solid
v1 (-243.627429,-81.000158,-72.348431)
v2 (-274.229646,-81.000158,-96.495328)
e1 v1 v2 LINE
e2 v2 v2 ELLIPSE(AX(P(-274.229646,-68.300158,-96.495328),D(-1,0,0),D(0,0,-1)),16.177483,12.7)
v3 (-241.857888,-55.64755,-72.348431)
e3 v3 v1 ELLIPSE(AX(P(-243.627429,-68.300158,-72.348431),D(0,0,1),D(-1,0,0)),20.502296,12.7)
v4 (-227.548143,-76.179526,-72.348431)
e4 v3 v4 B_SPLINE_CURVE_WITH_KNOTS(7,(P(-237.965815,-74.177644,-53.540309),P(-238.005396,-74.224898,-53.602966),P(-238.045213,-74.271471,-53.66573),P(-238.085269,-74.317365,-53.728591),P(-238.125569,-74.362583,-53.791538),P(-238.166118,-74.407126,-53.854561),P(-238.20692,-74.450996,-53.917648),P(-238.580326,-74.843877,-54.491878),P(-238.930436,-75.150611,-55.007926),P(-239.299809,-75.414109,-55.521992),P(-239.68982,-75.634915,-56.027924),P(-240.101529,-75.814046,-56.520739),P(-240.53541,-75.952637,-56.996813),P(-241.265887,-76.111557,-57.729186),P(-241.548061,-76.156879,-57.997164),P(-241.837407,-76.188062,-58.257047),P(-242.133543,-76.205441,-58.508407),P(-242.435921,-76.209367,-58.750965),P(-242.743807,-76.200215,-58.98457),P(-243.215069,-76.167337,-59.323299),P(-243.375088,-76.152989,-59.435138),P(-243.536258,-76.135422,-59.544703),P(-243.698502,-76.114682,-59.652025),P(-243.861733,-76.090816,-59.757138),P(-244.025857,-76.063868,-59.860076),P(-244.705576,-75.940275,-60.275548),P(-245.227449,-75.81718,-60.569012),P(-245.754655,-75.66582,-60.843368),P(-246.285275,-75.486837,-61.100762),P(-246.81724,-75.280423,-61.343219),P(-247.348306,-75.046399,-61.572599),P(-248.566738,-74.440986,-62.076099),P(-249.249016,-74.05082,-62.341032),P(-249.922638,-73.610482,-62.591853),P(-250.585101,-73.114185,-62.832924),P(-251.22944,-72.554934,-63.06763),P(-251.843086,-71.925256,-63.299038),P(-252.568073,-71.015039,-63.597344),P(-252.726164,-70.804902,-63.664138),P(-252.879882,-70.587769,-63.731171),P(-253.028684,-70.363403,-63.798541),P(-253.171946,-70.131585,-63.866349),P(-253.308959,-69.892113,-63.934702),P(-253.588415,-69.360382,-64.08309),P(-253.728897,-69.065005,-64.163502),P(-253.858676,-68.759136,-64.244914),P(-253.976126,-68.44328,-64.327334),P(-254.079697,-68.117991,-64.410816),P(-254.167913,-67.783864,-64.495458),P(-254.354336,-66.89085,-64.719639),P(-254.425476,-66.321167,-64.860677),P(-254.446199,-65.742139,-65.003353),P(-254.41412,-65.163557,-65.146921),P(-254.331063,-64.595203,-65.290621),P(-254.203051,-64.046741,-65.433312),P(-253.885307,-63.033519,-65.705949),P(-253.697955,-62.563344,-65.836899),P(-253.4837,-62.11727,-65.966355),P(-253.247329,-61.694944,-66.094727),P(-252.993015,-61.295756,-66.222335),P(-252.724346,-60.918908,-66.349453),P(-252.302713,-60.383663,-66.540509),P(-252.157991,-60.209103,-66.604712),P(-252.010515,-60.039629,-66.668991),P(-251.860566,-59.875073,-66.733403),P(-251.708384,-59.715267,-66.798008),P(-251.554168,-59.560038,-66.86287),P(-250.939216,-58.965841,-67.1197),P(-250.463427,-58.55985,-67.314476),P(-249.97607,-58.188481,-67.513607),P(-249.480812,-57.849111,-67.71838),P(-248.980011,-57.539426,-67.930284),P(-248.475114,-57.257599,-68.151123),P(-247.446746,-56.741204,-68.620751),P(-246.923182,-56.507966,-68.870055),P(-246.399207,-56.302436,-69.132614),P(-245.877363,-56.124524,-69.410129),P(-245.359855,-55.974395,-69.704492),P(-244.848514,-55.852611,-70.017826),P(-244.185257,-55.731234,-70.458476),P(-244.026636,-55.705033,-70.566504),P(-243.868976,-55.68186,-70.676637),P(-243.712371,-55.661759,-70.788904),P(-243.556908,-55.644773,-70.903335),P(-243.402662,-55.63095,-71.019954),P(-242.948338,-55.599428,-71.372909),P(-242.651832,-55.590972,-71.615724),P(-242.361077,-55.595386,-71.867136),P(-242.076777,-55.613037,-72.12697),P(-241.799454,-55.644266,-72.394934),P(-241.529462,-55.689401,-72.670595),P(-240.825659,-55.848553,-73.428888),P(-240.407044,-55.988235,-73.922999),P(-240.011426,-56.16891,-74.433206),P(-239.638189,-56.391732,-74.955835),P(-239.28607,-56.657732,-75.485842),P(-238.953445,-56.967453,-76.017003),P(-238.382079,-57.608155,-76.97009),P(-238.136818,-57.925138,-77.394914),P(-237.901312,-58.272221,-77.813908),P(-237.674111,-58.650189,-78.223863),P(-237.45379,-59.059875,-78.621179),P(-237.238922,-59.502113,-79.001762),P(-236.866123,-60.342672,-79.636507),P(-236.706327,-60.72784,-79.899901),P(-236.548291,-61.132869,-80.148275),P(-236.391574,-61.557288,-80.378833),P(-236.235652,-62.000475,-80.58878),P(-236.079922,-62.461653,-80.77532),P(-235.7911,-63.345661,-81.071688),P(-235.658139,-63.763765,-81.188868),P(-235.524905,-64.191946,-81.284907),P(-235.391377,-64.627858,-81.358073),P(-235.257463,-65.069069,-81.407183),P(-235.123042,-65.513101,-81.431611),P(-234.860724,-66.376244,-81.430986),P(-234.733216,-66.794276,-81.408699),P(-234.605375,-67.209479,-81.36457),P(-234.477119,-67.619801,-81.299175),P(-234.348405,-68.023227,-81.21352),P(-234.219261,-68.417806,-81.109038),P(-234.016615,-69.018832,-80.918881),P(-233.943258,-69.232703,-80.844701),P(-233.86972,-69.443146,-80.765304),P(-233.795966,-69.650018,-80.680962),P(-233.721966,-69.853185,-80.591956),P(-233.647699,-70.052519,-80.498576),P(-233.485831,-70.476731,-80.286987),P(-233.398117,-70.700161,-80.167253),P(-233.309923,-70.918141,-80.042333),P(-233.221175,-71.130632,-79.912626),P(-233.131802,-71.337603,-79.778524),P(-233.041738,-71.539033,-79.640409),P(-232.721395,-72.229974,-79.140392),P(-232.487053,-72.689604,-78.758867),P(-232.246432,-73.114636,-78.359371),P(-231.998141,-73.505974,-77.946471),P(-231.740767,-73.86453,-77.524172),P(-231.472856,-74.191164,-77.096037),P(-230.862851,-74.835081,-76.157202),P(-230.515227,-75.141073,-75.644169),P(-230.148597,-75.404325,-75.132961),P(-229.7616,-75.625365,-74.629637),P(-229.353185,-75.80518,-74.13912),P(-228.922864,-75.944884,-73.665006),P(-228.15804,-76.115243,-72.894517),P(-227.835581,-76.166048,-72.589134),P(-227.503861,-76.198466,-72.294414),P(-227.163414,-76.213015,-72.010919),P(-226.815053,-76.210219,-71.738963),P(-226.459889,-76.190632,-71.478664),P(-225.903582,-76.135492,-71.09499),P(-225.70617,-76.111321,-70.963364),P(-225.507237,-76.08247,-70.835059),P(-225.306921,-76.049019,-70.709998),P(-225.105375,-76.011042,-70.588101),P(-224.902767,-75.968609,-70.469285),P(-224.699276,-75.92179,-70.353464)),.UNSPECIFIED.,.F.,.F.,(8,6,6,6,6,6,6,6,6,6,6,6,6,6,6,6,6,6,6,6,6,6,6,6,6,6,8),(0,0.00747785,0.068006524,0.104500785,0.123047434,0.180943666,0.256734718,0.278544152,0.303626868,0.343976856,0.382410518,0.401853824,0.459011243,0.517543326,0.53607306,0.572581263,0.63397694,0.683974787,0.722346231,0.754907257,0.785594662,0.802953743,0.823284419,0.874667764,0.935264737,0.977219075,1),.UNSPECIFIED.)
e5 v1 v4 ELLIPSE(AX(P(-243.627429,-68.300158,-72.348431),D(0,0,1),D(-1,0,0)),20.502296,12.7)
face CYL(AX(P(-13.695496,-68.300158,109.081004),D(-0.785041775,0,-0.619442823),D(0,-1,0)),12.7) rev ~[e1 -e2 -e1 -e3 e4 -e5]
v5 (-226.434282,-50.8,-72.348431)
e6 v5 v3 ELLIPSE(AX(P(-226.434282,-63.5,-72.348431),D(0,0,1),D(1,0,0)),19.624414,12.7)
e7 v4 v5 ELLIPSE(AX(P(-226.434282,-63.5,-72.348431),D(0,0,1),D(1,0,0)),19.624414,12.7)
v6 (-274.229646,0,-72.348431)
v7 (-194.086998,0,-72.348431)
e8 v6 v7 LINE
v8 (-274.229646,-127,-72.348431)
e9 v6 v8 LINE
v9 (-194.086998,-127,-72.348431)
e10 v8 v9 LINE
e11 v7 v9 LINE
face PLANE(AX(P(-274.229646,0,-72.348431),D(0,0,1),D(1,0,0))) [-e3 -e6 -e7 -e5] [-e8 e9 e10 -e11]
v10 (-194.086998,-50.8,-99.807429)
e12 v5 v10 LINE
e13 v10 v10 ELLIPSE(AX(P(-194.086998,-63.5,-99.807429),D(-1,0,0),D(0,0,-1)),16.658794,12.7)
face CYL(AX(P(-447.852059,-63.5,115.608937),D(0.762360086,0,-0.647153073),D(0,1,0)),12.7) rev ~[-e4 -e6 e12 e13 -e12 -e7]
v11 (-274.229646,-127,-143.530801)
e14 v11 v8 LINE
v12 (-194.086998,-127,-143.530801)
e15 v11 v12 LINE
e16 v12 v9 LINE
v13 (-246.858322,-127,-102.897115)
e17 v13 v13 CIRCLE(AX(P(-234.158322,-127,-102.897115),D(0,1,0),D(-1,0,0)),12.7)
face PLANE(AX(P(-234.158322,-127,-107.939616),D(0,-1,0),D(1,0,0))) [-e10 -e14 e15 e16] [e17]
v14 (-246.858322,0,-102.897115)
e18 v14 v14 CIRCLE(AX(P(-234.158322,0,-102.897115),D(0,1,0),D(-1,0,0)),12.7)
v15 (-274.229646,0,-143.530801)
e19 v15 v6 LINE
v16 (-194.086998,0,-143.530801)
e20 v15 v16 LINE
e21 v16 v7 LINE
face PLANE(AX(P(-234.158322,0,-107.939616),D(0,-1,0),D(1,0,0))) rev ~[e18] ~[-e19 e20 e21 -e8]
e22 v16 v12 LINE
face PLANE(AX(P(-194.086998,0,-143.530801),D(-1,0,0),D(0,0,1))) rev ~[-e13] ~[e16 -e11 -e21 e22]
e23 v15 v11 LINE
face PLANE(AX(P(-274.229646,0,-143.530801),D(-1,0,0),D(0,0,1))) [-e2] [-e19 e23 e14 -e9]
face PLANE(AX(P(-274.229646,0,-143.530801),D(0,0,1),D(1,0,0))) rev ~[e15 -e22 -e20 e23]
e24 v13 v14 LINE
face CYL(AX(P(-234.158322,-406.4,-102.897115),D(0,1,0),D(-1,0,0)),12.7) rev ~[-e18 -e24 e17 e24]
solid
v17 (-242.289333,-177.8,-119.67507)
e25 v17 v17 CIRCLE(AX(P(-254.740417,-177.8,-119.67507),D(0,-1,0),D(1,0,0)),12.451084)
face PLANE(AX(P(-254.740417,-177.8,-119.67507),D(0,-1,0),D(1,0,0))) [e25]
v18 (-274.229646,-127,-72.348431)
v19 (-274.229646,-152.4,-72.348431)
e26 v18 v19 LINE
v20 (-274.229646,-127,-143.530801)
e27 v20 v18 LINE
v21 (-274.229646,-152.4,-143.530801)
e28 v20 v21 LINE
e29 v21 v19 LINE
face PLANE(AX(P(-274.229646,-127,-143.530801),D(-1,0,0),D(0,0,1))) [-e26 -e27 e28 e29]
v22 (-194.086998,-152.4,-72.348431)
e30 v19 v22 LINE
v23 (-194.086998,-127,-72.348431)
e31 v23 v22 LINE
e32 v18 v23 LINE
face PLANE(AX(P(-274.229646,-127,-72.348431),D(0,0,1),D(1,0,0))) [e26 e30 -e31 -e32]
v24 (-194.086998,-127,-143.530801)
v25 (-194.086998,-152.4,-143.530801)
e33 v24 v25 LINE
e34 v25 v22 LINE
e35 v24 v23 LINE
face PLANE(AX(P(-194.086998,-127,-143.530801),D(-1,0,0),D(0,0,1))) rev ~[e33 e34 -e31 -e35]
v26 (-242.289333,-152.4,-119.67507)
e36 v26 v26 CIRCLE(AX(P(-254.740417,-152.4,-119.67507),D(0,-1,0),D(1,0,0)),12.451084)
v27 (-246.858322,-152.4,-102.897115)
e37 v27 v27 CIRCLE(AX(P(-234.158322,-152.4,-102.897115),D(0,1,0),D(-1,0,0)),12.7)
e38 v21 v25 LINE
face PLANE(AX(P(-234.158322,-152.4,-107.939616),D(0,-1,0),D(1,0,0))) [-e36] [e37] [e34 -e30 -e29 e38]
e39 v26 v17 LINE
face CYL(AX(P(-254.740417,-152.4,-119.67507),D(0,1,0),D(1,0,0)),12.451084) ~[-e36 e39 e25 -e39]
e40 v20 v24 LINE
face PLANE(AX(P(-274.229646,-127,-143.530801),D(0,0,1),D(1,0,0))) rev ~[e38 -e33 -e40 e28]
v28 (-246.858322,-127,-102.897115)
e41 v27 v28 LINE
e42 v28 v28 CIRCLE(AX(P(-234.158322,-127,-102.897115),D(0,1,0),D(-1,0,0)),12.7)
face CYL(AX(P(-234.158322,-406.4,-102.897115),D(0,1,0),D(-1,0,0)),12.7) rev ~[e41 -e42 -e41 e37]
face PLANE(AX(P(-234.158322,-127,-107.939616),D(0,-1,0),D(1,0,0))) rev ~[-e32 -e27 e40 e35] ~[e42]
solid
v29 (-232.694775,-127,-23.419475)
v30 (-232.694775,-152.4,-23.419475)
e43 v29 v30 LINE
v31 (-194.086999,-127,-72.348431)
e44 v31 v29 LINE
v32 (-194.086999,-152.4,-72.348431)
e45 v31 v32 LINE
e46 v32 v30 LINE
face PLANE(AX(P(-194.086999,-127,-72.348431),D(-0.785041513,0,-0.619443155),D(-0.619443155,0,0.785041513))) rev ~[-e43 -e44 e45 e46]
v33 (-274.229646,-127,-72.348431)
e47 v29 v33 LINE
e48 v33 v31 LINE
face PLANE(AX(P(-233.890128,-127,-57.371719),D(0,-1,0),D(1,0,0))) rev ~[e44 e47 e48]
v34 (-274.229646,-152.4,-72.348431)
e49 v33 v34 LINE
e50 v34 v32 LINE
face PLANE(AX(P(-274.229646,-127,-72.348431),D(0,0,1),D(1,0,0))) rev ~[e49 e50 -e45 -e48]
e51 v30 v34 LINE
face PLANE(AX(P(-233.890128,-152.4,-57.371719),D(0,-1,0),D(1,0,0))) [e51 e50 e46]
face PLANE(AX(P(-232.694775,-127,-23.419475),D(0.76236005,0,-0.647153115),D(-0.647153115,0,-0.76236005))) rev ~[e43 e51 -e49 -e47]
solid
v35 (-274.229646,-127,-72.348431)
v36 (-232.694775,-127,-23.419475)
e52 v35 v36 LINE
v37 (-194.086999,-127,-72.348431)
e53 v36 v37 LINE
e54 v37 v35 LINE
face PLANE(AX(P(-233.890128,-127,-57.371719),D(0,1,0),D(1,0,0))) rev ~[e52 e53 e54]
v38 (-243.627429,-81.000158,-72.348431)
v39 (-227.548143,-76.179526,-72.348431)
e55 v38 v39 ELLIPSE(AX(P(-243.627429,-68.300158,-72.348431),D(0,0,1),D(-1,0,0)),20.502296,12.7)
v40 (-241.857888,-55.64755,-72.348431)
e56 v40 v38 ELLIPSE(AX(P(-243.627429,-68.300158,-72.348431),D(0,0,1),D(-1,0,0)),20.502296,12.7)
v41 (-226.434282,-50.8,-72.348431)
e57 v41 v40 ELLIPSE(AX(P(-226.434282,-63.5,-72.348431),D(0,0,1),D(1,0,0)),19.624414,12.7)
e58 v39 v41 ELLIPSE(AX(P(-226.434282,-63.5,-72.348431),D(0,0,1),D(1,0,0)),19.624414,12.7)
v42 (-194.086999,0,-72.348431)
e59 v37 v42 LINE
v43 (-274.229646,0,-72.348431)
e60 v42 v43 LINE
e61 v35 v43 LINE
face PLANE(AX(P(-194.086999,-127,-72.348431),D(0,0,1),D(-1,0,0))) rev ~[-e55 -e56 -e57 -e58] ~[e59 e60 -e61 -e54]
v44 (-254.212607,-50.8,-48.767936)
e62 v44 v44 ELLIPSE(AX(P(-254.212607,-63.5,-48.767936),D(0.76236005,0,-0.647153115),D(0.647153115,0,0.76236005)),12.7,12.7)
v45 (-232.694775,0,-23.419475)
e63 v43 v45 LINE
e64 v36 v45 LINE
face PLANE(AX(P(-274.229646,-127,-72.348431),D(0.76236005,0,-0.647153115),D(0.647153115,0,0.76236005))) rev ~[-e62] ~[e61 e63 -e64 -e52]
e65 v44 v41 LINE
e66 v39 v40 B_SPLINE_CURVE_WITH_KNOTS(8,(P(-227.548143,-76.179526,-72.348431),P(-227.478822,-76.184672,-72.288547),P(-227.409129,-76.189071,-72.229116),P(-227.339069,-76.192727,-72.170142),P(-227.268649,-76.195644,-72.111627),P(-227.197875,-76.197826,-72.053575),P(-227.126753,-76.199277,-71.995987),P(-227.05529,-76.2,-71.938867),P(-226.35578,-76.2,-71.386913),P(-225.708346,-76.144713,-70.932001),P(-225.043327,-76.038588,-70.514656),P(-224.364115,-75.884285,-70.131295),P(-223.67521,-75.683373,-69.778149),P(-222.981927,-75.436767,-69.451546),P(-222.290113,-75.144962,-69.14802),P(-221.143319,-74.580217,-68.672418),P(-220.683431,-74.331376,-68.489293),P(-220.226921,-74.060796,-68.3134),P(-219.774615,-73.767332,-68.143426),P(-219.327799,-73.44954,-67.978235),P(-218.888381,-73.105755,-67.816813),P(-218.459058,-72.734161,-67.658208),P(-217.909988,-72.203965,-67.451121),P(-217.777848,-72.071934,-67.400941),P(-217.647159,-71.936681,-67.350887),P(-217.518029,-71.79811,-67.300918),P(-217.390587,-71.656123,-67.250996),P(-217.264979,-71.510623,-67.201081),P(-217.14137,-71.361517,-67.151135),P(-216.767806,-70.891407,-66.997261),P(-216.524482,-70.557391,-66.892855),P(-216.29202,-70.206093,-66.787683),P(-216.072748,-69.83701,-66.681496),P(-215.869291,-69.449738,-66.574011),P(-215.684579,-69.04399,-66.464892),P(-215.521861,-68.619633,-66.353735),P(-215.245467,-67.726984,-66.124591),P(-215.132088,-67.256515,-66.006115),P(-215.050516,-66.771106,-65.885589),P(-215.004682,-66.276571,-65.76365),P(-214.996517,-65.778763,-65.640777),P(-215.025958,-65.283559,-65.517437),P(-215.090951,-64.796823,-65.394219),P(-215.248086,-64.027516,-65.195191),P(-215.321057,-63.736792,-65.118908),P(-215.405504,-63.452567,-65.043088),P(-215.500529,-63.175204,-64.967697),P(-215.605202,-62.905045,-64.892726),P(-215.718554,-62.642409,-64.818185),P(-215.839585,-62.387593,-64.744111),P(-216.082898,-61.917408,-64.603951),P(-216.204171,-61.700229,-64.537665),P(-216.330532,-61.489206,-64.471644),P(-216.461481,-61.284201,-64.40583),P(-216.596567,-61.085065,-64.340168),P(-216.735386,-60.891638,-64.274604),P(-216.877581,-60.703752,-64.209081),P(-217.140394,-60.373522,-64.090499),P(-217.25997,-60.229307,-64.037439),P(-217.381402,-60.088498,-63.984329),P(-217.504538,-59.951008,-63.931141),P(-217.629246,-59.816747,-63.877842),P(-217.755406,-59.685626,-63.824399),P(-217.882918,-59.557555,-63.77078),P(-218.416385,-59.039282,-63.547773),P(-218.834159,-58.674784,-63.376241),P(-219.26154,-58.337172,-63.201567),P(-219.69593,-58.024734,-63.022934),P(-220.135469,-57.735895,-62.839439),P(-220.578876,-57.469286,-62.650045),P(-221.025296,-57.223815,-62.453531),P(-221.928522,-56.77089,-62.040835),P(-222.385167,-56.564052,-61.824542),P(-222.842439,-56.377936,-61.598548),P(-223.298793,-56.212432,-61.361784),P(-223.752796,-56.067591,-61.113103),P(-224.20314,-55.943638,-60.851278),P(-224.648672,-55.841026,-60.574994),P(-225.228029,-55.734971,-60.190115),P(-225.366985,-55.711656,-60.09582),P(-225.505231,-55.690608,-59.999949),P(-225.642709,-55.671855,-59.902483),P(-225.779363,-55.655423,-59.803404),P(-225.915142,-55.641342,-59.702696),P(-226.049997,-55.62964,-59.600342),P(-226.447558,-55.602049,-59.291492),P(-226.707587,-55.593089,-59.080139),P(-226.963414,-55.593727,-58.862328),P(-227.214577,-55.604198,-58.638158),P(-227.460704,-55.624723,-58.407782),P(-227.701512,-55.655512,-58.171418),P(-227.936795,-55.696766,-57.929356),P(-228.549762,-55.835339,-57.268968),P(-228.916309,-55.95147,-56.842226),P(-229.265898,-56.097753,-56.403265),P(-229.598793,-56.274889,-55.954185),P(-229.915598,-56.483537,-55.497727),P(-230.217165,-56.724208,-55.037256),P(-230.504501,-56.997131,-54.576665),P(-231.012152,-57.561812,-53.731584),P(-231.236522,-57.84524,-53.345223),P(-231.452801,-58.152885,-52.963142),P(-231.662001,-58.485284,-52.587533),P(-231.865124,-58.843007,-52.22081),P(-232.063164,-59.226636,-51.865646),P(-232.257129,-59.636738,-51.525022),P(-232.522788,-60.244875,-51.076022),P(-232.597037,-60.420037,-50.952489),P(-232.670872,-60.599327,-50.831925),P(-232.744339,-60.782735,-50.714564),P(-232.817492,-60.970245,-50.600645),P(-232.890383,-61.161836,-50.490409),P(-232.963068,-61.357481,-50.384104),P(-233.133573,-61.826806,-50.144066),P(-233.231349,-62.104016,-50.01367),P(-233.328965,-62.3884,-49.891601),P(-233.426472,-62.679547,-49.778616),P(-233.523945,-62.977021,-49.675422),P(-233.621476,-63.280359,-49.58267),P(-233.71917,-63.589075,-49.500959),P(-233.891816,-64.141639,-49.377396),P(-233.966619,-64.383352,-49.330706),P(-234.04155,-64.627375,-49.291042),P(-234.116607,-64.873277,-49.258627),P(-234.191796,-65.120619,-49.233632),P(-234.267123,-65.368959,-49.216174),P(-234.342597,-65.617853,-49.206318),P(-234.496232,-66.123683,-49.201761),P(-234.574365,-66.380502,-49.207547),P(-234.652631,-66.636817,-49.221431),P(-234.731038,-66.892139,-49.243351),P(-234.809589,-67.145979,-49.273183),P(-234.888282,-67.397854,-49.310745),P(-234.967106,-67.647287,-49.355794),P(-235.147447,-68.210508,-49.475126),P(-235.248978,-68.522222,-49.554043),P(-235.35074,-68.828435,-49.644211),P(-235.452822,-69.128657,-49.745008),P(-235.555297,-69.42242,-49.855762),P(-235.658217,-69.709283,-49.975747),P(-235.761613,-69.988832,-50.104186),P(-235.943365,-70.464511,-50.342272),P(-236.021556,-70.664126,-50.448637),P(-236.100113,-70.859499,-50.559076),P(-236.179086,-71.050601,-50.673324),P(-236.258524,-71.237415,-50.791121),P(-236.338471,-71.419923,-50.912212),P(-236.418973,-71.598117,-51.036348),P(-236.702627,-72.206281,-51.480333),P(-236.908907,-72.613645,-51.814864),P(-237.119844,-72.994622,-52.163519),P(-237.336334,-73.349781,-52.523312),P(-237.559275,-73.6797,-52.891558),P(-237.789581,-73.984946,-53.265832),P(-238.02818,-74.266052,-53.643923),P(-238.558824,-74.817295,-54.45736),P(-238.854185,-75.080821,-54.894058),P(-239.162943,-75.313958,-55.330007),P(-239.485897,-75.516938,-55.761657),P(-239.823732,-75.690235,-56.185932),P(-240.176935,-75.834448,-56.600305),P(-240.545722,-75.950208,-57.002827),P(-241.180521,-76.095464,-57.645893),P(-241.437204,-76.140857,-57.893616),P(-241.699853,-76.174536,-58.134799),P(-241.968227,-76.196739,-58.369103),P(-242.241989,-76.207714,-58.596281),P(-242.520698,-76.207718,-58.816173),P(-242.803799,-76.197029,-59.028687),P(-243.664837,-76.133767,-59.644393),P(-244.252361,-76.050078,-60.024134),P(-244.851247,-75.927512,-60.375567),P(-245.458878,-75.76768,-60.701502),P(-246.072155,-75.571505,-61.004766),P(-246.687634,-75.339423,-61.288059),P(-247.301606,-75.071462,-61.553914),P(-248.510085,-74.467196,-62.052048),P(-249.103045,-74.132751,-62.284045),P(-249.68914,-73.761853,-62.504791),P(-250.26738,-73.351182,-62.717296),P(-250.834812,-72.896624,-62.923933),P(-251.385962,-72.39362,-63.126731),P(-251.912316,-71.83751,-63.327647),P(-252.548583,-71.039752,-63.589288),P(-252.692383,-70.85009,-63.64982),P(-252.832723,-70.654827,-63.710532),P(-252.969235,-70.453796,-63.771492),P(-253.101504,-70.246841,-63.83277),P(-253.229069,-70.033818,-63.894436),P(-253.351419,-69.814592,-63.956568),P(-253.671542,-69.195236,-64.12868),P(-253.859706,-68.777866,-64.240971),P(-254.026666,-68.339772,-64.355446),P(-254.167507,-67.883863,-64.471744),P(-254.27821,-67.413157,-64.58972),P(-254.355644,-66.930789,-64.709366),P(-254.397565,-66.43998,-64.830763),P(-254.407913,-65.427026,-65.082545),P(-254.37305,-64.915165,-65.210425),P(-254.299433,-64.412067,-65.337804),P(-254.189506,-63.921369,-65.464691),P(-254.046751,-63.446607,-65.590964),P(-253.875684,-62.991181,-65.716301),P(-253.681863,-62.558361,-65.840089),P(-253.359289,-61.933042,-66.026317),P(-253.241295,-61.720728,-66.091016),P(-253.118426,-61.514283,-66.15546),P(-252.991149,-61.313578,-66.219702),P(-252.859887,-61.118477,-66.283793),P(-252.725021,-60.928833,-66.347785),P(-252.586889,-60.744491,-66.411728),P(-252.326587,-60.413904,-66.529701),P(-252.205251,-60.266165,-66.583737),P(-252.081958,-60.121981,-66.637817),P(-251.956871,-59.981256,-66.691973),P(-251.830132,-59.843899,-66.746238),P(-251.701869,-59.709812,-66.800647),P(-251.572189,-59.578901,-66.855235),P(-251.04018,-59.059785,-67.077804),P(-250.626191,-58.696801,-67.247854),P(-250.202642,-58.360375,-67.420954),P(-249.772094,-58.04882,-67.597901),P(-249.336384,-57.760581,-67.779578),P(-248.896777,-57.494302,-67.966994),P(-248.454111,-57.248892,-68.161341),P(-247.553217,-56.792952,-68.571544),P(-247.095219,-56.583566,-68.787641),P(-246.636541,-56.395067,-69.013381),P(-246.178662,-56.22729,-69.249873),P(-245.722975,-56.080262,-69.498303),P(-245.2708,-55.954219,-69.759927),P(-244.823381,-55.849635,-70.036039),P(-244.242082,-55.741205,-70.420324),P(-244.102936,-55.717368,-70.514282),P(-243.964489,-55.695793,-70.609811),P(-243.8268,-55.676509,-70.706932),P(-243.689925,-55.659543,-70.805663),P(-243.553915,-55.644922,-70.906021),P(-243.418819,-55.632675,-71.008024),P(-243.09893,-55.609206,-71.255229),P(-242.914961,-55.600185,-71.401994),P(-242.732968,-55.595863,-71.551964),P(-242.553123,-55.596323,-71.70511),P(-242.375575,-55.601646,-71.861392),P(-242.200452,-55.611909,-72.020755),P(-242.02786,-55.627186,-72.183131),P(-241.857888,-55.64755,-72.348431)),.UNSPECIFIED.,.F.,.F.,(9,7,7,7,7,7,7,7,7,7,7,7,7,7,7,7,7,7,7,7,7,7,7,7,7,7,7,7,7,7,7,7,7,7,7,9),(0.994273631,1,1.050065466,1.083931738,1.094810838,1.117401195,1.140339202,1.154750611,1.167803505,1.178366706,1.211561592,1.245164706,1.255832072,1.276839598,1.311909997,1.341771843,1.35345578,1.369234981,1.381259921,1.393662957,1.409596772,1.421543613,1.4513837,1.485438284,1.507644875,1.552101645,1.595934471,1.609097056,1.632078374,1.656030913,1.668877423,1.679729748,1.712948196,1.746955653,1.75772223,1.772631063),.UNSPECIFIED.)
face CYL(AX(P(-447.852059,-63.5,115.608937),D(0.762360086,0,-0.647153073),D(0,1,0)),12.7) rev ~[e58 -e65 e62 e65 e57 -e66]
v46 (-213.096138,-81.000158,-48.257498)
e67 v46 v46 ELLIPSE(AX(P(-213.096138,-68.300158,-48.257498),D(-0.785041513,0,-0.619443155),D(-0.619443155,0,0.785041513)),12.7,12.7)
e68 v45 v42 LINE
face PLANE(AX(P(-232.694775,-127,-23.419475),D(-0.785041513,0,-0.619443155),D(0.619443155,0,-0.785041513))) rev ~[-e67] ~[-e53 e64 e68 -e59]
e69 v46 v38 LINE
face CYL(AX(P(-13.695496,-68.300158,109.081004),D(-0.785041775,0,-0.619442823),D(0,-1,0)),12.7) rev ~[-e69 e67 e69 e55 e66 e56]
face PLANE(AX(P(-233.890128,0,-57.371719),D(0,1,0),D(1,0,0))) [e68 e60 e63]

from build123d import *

# Parameters (mm, degrees)
F0_W        = 80.142647
F0_H        = 71.18237
F1_DEPTH    = 127
F3_DEPTH    = 25.4
F4_DEPTH    = 127
F1_FACE_W   = 80.142648
F1_FACE_H   = 71.18237
F5_DEPTH    = 25.4
F6_R        = 12.451084
F7_DEPTH    = 25.4
F9_D        = 25.4
F9_DEPTH    = 254
F9_2_D      = 25.4
F9_2_DEPTH  = 254
F11_D       = 25.4
F11_DEPTH   = 254
F11_2_D     = 25.4
F11_2_DEPTH = 254
F13_D       = 25.4
F13_DEPTH   = 254
F13_2_D     = 25.4
F13_2_DEPTH = 254


with BuildPart() as f1:
    # F0 (on Front) → F1 (new body)
    with BuildSketch(Plane.XZ):
        with Locations((-234.158322, -107.939616)):
            Rectangle(F0_W, F0_H)
    extrude(amount=F1_DEPTH)

    # F9
    with Locations(Plane.XZ.offset(152.4)):
        with Locations((-234.158322, -102.897115)):
            Hole(F9_D / 2, depth=F9_DEPTH)

    # F11
    with Locations(Plane(origin=(-154.796126, 0, -122.143098), x_dir=(0, 1, 0), z_dir=(0.785042, 0, 0.619443))):
        with Locations((-68.300158, 94.116807)):
            Hole(F11_D / 2, depth=F11_DEPTH)

    # F13
    with Locations(Plane(origin=(-123.686219, 0, 104.994907), x_dir=(0, -1, 0), z_dir=(-0.76236, 0, 0.647153))):
        with Locations((63.5, -201.693207)):
            Hole(F13_D / 2, depth=F13_DEPTH)


with BuildPart() as f3:
    # F2 (on face) → F3 (new body)
    with BuildSketch(Plane.XZ.offset(127)):
        Polygon((-232.694775, -23.419475), (-274.229646, -72.348431), (-194.086999, -72.348431), align=None)
    extrude(amount=F3_DEPTH)


with BuildPart() as f4:
    # F3_face (on face) → F4 (new body)
    with BuildSketch(Plane(origin=(-233.670473, -127, -56.038779), x_dir=(1, 0, 0), z_dir=(0, 1, 0))):
        Polygon((-40.559173, 16.309652), (0.975698, -32.619304), (39.583474, 16.309652), align=None)
    extrude(amount=F4_DEPTH)

    # F11#2
    with Locations(Plane(origin=(-154.796126, 0, -122.143098), x_dir=(0, 1, 0), z_dir=(0.785042, 0, 0.619443))):
        with Locations((-68.300158, 94.116807)):
            Hole(F11_2_D / 2, depth=F11_2_DEPTH)

    # F13#2
    with Locations(Plane(origin=(-123.686219, 0, 104.994907), x_dir=(0, -1, 0), z_dir=(-0.76236, 0, 0.647153))):
        with Locations((63.5, -201.693207)):
            Hole(F13_2_D / 2, depth=F13_2_DEPTH)


with BuildPart() as f5:
    # F1_face (on face) → F5 (new body)
    with BuildSketch(Plane(origin=(-234.158322, -127, -107.939616), x_dir=(1, 0, 0), z_dir=(0, -1, 0))):
        Rectangle(F1_FACE_W, F1_FACE_H)
    extrude(amount=F5_DEPTH)

    # F6 (on face) → F7 (join)
    with BuildSketch(Plane.XZ.offset(152.4)):
        with Locations((-254.740417, -119.67507)):
            Circle(F6_R)
    extrude(amount=F7_DEPTH)

    # F9#2
    with Locations(Plane.XZ.offset(152.4)):
        with Locations((-234.158322, -102.897115)):
            Hole(F9_2_D / 2, depth=F9_2_DEPTH)


solid = Compound([f1.part, f3.part, f4.part, f5.part])
